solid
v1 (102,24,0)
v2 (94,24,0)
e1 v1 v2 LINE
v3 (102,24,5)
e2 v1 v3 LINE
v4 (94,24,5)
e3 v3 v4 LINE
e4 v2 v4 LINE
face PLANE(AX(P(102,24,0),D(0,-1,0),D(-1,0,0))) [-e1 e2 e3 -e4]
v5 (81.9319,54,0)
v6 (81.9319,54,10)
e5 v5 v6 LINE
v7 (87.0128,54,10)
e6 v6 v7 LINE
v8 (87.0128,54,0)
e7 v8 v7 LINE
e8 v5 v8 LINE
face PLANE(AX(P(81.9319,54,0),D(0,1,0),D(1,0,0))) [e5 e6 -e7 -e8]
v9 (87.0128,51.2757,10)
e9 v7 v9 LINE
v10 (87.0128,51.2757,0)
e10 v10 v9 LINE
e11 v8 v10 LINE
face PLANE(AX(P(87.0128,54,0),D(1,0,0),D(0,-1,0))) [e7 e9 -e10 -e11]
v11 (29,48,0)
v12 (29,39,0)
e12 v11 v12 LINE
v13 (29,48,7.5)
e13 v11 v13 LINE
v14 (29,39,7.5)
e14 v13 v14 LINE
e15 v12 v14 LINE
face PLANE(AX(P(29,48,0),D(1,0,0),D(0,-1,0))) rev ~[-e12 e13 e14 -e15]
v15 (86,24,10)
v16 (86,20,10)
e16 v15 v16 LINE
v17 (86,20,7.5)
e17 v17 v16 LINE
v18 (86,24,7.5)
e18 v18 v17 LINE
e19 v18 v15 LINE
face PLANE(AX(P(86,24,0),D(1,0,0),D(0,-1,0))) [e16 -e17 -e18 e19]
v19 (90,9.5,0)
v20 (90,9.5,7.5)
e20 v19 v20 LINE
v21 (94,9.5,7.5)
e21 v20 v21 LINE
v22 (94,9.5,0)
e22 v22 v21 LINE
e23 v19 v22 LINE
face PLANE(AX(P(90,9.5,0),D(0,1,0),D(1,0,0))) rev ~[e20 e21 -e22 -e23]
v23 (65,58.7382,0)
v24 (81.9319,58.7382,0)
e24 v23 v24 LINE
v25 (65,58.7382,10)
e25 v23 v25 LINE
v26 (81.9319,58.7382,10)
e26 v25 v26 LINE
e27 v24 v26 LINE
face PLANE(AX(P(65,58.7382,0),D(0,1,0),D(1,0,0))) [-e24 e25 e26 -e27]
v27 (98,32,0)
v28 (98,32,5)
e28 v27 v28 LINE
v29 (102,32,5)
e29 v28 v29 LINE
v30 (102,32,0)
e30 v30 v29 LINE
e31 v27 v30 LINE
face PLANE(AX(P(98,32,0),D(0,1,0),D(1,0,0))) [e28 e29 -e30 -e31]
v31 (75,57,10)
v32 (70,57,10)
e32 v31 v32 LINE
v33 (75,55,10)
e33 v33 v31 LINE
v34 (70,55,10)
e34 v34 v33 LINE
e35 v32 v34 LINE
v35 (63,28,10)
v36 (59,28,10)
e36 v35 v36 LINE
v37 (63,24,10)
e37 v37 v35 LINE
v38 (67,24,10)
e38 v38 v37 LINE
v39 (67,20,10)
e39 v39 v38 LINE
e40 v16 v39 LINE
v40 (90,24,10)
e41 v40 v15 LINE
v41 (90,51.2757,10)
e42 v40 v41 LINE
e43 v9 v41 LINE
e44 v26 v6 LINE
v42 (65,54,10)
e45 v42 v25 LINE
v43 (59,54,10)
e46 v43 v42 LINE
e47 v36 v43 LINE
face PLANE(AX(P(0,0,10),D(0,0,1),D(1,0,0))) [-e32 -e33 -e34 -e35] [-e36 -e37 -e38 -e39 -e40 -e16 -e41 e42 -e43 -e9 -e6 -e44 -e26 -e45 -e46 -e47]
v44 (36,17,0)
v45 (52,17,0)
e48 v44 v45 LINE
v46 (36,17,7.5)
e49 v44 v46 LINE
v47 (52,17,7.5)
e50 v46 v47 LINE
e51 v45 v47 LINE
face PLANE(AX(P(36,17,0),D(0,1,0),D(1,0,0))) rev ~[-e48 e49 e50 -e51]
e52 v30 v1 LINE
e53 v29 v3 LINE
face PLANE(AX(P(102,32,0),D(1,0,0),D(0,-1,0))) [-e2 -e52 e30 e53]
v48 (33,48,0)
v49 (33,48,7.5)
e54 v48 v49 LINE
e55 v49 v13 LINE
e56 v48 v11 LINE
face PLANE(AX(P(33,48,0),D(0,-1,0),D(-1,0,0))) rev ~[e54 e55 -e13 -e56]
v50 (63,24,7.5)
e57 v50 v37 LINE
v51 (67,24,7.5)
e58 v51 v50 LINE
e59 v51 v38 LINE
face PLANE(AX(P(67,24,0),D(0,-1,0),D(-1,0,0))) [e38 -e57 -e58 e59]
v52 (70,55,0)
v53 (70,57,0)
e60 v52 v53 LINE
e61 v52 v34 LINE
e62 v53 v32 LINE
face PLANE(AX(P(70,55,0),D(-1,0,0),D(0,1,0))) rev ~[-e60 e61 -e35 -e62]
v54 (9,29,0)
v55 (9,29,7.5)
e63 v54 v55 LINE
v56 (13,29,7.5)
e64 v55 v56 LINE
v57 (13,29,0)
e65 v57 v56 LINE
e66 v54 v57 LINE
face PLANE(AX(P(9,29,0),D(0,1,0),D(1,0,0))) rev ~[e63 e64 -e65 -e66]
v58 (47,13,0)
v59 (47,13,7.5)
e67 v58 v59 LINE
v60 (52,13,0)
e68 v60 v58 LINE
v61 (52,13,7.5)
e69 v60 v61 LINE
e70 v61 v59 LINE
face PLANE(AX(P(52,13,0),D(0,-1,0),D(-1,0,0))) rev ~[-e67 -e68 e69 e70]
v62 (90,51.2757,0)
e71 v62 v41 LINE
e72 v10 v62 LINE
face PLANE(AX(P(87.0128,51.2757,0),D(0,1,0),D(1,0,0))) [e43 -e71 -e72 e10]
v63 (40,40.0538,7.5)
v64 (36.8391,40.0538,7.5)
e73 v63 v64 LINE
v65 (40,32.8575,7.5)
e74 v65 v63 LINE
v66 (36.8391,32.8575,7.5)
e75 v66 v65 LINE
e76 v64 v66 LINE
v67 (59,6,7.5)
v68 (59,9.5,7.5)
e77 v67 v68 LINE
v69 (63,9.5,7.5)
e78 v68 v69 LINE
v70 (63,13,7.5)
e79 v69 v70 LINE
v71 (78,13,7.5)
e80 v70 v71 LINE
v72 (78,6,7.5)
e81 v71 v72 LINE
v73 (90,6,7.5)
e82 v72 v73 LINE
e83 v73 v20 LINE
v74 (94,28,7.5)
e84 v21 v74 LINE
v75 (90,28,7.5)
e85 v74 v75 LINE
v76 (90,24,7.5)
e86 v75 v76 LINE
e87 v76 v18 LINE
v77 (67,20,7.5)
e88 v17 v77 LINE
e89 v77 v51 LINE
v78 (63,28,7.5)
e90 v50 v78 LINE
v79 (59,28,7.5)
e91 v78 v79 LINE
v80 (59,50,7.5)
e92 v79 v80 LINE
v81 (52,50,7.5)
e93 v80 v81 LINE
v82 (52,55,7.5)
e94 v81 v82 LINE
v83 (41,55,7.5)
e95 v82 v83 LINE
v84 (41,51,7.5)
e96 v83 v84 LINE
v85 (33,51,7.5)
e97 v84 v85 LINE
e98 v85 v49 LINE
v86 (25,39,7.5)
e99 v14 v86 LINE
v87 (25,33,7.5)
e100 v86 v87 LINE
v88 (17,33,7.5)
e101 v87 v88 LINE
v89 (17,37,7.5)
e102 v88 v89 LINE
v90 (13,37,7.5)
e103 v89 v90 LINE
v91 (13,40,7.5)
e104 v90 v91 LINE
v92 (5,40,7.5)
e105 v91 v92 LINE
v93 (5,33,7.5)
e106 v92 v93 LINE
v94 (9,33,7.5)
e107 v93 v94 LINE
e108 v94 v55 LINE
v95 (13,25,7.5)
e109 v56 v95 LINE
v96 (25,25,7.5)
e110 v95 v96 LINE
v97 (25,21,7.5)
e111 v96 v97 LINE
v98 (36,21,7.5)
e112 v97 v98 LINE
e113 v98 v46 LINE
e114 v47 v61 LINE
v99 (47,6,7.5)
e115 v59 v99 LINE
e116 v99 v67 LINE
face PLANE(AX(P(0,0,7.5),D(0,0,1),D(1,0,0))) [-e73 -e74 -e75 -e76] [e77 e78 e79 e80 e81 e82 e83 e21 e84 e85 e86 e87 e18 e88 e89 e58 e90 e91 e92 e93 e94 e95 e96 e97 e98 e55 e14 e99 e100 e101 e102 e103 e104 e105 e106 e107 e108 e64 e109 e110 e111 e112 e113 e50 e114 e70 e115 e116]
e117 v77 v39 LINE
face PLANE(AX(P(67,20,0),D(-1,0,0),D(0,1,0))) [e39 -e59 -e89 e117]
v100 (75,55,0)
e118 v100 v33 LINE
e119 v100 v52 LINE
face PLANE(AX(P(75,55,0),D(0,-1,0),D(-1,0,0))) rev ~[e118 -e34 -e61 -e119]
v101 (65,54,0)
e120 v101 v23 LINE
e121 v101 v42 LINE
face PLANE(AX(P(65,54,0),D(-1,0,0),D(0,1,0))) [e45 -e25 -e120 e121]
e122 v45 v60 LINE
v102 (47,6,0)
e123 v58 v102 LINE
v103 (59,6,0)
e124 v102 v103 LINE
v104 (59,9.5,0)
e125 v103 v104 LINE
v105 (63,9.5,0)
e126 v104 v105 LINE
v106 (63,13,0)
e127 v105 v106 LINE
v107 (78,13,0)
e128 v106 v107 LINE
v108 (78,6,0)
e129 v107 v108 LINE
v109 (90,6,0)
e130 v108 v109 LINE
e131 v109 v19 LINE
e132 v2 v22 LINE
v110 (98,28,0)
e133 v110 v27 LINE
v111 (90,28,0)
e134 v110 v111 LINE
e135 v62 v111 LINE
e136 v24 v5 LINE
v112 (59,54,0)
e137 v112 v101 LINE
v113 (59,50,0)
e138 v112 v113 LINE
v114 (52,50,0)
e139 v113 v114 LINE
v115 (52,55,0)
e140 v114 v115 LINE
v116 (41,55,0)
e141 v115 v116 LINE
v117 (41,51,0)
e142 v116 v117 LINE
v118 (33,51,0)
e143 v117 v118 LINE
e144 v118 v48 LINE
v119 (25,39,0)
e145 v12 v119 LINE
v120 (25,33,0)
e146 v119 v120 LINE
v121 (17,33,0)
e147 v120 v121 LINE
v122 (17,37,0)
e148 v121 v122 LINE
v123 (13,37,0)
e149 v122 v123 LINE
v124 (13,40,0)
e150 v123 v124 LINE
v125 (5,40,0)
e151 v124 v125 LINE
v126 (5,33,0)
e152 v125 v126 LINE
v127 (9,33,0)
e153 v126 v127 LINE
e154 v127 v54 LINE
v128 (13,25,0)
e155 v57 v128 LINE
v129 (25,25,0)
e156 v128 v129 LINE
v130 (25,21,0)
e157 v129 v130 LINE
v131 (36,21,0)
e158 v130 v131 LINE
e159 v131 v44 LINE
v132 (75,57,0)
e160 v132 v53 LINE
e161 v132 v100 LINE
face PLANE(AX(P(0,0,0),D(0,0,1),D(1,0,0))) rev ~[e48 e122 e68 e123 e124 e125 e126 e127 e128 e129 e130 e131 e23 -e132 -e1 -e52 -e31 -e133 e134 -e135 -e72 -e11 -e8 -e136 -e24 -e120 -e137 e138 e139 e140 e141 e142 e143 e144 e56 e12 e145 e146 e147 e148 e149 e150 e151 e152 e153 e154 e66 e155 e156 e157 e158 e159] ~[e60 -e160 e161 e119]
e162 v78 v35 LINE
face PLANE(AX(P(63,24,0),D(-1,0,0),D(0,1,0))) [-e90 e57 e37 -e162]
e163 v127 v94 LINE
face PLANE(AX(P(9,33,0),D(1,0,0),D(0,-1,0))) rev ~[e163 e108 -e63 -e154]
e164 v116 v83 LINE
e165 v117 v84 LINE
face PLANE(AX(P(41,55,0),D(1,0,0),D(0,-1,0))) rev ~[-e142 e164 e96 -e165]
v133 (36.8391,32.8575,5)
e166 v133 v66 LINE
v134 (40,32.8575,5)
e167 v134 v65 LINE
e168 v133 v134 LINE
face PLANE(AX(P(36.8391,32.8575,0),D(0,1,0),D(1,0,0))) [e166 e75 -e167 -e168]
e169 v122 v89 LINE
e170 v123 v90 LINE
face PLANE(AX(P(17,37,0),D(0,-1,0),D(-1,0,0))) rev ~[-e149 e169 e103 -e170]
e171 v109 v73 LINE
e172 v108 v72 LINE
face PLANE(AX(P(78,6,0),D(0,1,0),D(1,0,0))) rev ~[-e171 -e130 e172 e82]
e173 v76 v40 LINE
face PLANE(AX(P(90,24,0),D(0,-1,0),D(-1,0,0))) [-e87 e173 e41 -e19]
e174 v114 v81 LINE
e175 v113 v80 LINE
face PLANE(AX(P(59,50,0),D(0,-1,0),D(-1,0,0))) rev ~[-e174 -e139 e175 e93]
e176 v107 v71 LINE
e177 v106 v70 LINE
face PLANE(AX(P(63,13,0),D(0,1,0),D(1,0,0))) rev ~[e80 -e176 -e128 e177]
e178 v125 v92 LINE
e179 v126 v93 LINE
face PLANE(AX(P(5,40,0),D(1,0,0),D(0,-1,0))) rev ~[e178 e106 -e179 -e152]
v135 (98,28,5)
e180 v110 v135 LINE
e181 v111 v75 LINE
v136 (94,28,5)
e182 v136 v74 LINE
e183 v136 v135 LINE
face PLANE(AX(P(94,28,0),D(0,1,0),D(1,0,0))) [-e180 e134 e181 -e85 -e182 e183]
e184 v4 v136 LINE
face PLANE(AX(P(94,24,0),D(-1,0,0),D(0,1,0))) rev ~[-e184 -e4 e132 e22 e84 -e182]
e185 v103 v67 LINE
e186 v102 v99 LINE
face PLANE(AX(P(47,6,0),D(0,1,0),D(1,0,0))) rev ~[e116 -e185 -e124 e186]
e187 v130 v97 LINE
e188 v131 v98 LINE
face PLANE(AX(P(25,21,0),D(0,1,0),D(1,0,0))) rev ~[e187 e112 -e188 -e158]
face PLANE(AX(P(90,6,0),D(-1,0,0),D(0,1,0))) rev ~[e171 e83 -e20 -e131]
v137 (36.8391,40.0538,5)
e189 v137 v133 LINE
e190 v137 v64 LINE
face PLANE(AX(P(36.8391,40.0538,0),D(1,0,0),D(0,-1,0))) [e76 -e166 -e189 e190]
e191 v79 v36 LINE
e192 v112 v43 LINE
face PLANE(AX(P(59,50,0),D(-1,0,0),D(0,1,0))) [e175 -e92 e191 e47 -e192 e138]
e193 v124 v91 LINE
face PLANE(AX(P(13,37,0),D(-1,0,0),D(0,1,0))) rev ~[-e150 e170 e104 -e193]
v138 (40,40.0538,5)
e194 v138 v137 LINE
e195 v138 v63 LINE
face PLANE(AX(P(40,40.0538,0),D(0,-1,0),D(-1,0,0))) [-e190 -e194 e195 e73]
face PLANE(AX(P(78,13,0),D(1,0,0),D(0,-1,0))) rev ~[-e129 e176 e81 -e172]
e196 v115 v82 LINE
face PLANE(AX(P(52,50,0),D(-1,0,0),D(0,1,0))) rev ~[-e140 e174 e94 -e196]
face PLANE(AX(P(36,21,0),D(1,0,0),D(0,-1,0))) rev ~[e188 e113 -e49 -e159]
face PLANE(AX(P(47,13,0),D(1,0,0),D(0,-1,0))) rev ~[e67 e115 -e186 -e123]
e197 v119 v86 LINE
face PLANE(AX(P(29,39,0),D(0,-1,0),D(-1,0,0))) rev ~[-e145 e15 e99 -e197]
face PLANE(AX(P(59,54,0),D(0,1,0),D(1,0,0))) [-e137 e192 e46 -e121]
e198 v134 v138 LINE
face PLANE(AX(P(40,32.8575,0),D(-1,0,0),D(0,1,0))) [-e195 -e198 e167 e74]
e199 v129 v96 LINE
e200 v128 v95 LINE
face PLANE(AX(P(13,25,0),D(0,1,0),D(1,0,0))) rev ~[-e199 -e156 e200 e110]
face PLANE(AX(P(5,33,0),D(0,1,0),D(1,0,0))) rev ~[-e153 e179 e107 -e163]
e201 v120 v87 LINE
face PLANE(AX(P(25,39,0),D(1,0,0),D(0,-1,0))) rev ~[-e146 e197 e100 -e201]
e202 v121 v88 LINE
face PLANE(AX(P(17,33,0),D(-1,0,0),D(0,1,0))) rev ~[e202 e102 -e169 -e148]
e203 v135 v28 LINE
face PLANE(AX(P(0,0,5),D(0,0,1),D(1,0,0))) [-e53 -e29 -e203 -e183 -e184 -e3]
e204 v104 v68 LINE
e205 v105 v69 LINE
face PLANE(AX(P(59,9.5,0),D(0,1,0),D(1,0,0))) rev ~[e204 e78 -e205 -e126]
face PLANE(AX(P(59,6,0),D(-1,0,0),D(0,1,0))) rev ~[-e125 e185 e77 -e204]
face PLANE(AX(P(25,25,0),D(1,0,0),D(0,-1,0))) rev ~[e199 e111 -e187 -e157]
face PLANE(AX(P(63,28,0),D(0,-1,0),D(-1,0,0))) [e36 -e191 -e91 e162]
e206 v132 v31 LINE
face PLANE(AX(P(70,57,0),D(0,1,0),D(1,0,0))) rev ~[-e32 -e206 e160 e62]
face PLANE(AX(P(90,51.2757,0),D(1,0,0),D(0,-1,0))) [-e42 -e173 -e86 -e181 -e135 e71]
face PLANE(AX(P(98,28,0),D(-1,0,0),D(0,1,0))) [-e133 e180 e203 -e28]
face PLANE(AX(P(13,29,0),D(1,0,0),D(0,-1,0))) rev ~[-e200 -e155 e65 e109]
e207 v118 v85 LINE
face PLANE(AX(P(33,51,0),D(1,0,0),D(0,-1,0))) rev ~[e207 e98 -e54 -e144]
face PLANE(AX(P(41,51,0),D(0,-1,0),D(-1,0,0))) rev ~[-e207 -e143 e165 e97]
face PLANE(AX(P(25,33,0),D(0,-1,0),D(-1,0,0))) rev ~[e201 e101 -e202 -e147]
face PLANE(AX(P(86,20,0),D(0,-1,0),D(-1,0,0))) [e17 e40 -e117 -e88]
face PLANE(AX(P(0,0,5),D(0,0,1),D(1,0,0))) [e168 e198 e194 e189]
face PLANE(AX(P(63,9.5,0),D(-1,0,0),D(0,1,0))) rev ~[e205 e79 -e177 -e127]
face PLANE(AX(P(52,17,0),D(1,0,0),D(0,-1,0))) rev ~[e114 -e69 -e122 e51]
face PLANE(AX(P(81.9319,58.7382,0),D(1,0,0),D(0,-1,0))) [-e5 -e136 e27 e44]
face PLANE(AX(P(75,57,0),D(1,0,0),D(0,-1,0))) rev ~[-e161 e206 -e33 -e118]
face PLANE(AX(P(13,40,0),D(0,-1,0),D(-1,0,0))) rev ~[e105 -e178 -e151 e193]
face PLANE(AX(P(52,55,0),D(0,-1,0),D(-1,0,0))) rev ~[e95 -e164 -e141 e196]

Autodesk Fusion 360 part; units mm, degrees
sketch "elephant sketch" plane through (0, 0, 0) normal (0, 0, 1) x (1, 0, 0)
  line L0 (5, 40) -> (5, 33)
  line L1 (5, 33) -> (9, 33)
  line L2 (9, 33) -> (9, 29)
  line L3 (9, 29) -> (13, 29)
  line L4 (13, 29) -> (13, 25)
  line L5 (13, 25) -> (25, 25)
  line L6 (25, 25) -> (25, 21)
  line L7 (25, 21) -> (36, 21)
  line L8 (36, 21) -> (36, 17)
  line L9 (36, 17) -> (52, 17)
  line L10 (52, 17) -> (52, 13)
  line L11 (52, 13) -> (47, 13)
  line L12 (47, 13) -> (47, 6)
  line L13 (47, 6) -> (59, 6)
  line L14 (59, 6) -> (59, 9.5)
  line L15 (59, 9.5) -> (63, 9.5)
  line L16 (63, 9.5) -> (63, 13)
  line L17 (63, 13) -> (78, 13)
  line L18 (78, 13) -> (78, 6)
  line L19 (78, 6) -> (90, 6)
  line L20 (90, 6) -> (90, 9.5)
  line L21 (90, 9.5) -> (94, 9.5)
  line L22 (94, 9.5) -> (94, 28)
  line L23 (94, 28) -> (90, 28)
  line L24 (90, 28) -> (90, 24)
  line L25 (90, 24) -> (86, 24)
  line L26 (86, 24) -> (86, 20)
  line L27 (86, 20) -> (67, 20)
  line L28 (67, 20) -> (67, 24)
  line L29 (67, 24) -> (63, 24)
  line L30 (63, 24) -> (63, 28)
  line L31 (63, 28) -> (59, 28)
  line L32 (59, 28) -> (59, 50)
  line L33 (59, 50) -> (52, 50)
  line L34 (52, 50) -> (52, 55)
  line L35 (52, 55) -> (41, 55)
  line L36 (41, 55) -> (41, 51)
  line L37 (41, 51) -> (33, 51)
  line L38 (33, 51) -> (33, 48)
  line L39 (33, 48) -> (29, 48)
  line L40 (29, 48) -> (29, 39)
  line L41 (29, 39) -> (25, 39)
  line L42 (25, 39) -> (25, 33)
  line L43 (25, 33) -> (17, 33)
  line L44 (17, 33) -> (17, 37)
  line L45 (17, 37) -> (13, 37)
  line L46 (13, 37) -> (13, 40)
  line L47 (13, 40) -> (5, 40)
  line L48 (94, 28) -> (98, 28)
  line L49 (98, 28) -> (98, 32)
  line L50 (98, 32) -> (102, 32)
  line L51 (102, 32) -> (102, 24)
  line L52 (102, 24) -> (94, 24)
  line L53 (59, 50) -> (59, 54)
  line L54 (59, 54) -> (65, 54)
  line L55 (65, 54) -> (65, 58.7382)
  line L56 (65, 58.7382) -> (81.9319, 58.7382)
  line L57 (81.9319, 58.7382) -> (81.9319, 54)
  line L58 (81.9319, 54) -> (87.0128, 54)
  line L59 (87.0128, 54) -> (87.0128, 51.2757)
  line L60 (87.0128, 51.2757) -> (90, 51.2757)
  line L61 (90, 51.2757) -> (90, 28)
  line L62 (36.8391, 40.0538) -> (36.8391, 32.8575)
  line L63 (36.8391, 32.8575) -> (40, 32.8575)
  line L64 (40, 32.8575) -> (40, 40.0538)
  line L65 (40, 40.0538) -> (36.8391, 40.0538)
  line L66 (71, 57) -> (75, 57)
  line L67 (75, 57) -> (75, 55)
  line L68 (75, 55) -> (70, 55)
  line L69 (70, 55) -> (70, 57)
  line L70 (70, 57) -> (71, 57)
extrude "Extrude1" add sketch "elephant sketch" along normal blind 7.5 contours L0 L1 L2 L3 L4 L5 L6 L7 L8 L9 L10 L11 L12 L13 L14 L15 L16 L17 L18 L19 L20 L21 L22 L23 L24 L25 L26 L27 L28 L29 L30 L31 L32 L33 L34 L35 L36 L37 L38 L39 L40 L41 L42 L43 L44 L45 L46 L47
extrude "Extrude2" add sketch "elephant sketch" along normal blind 10 contours L24 L25 L26 L27 L28 L29 L30 L31 L32 L53 L54 L55 L56 L57 L58 L59 L60 L61 | L66 L67 L68 L69 L70
extrude "Extrude3" add sketch "elephant sketch" along normal blind 5 contours L22 L48 L49 L50 L51 L52
extrude "Extrude4" add sketch "elephant sketch" along normal blind 5 contours L62 L63 L64 L65
extrude "Extrude5" cut sketch "elephant sketch" along normal blind 13 contours L66 L67 L68 L69 L70
